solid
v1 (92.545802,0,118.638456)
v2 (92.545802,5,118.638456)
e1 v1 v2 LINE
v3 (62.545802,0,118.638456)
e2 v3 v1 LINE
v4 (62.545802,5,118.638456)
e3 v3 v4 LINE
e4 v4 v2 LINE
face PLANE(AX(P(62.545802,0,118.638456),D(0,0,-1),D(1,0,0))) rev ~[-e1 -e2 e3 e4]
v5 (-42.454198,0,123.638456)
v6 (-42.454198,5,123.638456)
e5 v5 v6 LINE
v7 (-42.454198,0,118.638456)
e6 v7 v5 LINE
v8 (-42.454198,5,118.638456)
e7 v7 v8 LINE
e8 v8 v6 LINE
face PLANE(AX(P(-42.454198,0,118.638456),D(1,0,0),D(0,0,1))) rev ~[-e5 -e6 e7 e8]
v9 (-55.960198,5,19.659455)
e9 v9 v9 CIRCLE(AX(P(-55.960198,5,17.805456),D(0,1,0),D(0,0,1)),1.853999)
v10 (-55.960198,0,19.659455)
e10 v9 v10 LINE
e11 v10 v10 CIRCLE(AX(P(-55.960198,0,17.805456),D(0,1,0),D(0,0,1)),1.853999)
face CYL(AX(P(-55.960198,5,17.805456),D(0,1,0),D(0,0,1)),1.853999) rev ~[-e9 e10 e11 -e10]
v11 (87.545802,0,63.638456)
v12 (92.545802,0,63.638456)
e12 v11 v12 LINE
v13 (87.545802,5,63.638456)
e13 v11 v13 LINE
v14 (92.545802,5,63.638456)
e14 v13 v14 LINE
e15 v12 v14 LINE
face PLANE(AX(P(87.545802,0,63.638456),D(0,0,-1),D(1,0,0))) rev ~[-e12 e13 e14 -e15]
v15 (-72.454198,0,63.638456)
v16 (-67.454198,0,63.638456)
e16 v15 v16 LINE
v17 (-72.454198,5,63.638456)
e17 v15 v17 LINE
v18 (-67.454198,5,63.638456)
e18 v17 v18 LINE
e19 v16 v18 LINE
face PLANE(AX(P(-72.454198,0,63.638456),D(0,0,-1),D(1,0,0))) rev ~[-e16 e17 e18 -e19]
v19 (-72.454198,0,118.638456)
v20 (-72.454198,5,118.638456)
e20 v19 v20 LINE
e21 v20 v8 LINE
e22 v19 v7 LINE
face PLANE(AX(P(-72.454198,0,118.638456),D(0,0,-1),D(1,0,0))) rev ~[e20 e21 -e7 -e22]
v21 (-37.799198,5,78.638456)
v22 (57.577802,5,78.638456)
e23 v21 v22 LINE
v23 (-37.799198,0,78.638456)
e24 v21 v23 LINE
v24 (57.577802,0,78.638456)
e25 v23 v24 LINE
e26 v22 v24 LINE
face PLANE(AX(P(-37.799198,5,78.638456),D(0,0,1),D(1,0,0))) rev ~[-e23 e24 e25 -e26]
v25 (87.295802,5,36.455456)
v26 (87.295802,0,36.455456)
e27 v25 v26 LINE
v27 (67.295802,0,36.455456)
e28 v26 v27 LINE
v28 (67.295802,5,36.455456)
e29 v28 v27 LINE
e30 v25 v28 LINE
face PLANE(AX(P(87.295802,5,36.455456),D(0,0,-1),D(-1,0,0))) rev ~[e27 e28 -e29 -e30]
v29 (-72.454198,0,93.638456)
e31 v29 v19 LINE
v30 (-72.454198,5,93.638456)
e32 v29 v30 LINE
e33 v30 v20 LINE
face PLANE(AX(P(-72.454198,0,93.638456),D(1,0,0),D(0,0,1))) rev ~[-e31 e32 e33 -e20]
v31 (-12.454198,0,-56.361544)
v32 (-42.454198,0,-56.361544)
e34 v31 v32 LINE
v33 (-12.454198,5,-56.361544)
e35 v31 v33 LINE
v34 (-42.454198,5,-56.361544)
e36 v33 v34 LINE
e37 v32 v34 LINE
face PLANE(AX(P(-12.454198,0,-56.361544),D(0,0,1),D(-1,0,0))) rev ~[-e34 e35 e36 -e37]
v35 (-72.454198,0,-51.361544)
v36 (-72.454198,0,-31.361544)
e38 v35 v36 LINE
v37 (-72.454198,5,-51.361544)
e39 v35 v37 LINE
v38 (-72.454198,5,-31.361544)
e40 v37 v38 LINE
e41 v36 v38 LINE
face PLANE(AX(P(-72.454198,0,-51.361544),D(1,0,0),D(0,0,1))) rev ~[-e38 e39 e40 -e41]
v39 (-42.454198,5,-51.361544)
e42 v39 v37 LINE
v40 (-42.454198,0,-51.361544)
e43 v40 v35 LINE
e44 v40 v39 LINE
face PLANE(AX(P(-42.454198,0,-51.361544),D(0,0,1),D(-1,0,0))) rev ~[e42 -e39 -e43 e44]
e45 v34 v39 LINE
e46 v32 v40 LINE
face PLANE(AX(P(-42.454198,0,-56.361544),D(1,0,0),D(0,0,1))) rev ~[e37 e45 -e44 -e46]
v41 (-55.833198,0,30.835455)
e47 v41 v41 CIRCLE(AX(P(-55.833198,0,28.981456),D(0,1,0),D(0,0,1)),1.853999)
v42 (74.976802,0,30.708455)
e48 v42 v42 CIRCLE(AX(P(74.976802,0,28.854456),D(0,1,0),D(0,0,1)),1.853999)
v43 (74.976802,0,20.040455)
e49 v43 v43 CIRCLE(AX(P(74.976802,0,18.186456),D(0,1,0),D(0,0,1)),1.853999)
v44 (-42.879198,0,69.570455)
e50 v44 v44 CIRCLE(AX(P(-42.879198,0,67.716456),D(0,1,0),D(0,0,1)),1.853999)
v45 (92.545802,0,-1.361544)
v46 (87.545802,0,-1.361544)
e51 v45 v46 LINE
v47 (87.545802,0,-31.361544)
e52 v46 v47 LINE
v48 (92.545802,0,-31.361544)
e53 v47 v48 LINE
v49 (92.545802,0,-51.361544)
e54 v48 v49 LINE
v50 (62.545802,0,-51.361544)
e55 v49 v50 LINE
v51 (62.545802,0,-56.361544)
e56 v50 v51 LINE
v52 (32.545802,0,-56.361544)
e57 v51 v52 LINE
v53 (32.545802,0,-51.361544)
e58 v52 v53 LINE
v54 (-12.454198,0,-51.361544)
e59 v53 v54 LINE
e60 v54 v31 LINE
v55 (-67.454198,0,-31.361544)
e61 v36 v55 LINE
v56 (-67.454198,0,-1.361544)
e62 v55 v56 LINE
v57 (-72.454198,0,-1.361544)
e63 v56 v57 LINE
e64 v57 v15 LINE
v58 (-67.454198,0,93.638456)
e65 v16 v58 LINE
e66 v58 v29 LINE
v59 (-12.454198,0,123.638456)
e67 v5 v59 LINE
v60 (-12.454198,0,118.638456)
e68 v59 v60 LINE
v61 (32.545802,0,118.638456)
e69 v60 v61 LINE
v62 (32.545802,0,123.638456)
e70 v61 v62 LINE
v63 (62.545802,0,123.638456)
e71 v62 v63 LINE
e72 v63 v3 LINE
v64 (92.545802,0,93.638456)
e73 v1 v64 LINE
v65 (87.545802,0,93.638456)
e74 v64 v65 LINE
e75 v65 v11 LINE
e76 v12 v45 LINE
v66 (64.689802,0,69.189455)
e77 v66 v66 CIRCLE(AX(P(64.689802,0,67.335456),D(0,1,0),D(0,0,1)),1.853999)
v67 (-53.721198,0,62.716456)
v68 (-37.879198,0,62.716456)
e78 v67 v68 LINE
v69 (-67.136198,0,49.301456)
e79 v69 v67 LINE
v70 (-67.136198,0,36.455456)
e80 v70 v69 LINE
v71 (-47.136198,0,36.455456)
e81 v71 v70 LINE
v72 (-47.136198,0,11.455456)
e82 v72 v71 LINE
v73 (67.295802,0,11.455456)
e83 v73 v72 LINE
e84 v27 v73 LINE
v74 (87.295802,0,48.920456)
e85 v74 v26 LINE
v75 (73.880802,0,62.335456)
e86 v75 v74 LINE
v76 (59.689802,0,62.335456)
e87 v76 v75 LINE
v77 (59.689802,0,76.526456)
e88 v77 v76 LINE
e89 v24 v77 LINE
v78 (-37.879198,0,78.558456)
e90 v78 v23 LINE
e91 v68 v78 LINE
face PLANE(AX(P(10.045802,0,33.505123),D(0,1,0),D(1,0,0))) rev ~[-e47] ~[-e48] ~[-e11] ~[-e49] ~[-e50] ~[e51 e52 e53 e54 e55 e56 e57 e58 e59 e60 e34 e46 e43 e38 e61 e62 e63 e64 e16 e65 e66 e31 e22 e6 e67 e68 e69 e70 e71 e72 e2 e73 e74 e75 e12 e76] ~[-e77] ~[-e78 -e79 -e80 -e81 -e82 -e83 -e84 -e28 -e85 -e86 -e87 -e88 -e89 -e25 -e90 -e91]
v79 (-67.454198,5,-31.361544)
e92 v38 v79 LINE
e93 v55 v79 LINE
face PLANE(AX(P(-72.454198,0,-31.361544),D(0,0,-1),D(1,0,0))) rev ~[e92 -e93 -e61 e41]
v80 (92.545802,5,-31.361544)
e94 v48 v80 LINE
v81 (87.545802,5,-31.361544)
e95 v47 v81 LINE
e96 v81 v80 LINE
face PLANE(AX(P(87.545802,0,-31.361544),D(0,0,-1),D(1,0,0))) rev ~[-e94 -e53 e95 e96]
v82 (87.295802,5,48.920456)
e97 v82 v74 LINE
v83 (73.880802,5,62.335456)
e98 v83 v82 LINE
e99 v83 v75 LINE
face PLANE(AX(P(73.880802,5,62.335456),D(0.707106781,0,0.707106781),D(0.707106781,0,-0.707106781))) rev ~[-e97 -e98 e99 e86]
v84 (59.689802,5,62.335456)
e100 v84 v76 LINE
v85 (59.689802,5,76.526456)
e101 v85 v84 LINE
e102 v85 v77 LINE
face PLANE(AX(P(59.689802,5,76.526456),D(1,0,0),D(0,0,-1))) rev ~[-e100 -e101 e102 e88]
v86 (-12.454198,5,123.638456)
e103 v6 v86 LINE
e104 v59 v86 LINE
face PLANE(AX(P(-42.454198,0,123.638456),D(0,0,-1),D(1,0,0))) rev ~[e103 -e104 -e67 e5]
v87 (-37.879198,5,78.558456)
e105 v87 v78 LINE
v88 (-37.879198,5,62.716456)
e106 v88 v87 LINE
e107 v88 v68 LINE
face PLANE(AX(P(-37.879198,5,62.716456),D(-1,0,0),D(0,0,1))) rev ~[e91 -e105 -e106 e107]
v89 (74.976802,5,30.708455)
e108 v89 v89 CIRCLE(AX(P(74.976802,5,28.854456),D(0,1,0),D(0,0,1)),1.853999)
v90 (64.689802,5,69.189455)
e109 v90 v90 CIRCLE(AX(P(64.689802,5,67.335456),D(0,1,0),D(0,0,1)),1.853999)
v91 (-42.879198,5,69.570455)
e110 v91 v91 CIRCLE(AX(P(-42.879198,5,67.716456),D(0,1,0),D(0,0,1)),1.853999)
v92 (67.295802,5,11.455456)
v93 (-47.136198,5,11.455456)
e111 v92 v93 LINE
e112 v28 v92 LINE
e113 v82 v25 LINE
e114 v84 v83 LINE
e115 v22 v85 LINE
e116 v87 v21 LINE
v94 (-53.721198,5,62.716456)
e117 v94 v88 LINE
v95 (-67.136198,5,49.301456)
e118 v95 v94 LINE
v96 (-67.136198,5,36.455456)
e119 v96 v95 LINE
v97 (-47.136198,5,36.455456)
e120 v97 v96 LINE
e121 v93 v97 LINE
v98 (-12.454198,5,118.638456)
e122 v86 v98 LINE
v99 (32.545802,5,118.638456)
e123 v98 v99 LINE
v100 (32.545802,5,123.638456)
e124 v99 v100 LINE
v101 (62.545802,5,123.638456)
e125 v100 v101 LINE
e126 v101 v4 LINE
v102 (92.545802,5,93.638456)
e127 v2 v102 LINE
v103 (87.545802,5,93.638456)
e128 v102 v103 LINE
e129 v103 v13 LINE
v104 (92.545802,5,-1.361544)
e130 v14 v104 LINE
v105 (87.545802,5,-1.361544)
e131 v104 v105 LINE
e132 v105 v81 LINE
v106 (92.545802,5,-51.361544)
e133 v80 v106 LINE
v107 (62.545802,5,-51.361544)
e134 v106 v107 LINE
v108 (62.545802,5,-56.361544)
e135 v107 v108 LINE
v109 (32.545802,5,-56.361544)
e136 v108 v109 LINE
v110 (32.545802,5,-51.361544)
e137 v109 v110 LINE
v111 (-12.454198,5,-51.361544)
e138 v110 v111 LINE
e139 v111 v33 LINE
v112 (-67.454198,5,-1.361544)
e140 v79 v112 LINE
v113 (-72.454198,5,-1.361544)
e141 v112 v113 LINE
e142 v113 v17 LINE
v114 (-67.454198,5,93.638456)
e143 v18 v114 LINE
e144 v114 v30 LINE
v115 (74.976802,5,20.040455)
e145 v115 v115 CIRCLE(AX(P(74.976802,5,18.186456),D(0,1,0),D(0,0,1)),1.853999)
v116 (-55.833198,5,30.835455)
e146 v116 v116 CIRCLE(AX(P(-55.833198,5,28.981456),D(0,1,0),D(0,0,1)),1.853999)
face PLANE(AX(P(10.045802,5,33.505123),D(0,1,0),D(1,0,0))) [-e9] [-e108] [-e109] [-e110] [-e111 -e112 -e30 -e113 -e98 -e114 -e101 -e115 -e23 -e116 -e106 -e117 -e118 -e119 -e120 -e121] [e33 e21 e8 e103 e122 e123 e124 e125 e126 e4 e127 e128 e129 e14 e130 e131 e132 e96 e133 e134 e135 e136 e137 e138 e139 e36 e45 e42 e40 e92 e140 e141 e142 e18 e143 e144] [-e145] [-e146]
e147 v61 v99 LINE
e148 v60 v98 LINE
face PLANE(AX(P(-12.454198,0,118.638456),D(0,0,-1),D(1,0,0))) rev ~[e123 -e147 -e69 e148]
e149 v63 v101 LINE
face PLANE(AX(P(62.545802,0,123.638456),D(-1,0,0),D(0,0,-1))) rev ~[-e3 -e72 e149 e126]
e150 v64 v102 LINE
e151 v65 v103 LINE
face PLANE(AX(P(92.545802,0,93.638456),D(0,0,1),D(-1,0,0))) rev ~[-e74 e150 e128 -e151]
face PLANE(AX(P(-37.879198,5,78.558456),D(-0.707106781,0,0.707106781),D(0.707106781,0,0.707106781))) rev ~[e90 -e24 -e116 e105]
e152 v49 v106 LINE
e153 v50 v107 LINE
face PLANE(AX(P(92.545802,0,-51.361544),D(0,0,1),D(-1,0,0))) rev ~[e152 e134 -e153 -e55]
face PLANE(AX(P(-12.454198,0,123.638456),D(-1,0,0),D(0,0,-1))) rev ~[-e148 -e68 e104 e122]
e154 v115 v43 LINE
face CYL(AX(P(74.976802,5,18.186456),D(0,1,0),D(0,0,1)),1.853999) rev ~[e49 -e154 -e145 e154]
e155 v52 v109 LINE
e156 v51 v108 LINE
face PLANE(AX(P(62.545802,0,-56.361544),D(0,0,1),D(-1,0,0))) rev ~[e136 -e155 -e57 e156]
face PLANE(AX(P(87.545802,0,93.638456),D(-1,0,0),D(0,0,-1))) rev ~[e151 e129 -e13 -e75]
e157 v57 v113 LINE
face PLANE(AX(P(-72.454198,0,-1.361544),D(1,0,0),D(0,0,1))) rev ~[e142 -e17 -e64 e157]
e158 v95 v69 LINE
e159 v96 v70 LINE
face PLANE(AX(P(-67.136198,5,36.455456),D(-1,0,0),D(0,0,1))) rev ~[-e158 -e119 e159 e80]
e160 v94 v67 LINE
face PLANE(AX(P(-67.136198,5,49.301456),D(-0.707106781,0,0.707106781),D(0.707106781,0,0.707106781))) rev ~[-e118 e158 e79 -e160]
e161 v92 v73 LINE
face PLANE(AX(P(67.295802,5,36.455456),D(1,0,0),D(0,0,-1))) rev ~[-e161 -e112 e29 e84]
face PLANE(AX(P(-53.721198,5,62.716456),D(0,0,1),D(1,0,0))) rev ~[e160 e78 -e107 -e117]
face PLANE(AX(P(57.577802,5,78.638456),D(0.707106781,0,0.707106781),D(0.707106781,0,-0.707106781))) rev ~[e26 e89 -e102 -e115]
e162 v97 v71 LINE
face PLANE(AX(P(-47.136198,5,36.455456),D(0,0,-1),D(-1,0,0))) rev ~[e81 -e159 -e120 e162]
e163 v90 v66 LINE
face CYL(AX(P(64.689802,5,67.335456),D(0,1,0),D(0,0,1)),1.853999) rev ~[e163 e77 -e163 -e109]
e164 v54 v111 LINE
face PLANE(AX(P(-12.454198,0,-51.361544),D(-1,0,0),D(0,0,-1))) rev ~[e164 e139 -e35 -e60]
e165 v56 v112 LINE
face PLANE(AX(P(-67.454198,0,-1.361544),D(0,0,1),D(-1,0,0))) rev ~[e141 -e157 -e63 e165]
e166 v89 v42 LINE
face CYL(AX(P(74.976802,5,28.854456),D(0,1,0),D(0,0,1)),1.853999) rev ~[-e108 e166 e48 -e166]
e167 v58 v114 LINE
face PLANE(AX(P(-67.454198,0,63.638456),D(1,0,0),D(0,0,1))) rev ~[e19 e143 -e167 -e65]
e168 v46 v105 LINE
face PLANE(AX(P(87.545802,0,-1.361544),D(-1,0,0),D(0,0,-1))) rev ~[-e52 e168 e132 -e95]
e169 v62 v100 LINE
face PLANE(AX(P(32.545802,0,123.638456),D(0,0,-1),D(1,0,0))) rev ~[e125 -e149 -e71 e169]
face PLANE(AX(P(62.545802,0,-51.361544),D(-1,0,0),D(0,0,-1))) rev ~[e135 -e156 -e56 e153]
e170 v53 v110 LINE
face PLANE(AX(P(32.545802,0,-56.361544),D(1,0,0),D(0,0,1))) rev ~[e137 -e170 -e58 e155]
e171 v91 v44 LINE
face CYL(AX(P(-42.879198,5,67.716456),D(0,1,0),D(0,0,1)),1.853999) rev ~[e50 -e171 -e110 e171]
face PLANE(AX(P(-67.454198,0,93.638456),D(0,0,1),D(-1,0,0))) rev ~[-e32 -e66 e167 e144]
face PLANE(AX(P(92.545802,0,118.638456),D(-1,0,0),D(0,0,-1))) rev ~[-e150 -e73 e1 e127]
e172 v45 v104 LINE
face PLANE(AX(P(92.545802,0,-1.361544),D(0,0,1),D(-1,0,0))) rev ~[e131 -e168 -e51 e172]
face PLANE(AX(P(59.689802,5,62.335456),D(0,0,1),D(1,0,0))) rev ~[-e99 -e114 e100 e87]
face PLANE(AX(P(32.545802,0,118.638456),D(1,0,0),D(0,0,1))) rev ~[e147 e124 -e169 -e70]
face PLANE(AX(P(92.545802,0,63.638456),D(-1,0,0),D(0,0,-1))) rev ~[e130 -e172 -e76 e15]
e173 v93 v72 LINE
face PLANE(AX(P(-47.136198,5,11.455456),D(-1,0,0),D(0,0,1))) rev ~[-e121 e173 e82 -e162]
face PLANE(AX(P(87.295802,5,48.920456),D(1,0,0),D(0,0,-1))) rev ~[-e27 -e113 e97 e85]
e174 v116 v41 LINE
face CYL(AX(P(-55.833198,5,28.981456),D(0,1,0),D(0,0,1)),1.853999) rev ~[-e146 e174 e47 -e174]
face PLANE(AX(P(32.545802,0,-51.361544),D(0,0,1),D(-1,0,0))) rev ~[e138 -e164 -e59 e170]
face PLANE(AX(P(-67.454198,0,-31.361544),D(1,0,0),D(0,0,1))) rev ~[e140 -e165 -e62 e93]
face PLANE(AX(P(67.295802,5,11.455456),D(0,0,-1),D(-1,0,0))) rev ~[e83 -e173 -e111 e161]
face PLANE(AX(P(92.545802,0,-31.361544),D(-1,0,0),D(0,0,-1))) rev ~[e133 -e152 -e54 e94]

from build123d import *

# Parameters (mm, degrees)
BOSS_EXTRUDE1_DEPTH = 5
SKETCH3_R           = 1.85399934
CUT_EXTRUDE1_DEPTH  = 10


with BuildPart() as part:
    # Sketch1 → Boss-Extrude1 (new body)
    with BuildSketch(Plane(origin=(0, 0, 0), x_dir=(1, 0, 0), z_dir=(0, 1, 0))):
        Polygon((-42.454197946, 56.361544115), (-42.454197946, 51.361544115), (-72.454197946, 51.361544115), (-72.454197946, 31.361544115), (-67.454197946, 31.361544115), (-67.454197946, 1.361544115), (-72.454197946, 1.361544115), (-72.454197946, -63.638455885), (-67.454197946, -63.638455885), (-67.454197946, -93.638455885), (-72.454197946, -93.638455885), (-72.454197946, -118.638455885), (-42.454197946, -118.638455885), (-42.454197946, -123.638455885), (-12.454197946, -123.638455885), (-12.454197946, -118.638455885), (32.545802054, -118.638455885), (32.545802054, -123.638455885), (62.545802054, -123.638455885), (62.545802054, -118.638455885), (92.545802054, -118.638455885), (92.545802054, -93.638455885), (87.545802054, -93.638455885), (87.545802054, -63.638455885), (92.545802054, -63.638455885), (92.545802054, 1.361544115), (87.545802054, 1.361544115), (87.545802054, 31.361544115), (92.545802054, 31.361544115), (92.545802054, 51.361544115), (62.545802054, 51.361544115), (62.545802054, 56.361544115), (32.545802054, 56.361544115), (32.545802054, 51.361544115), (-12.454197946, 51.361544115), (-12.454197946, 56.361544115), align=None)
    extrude(amount=BOSS_EXTRUDE1_DEPTH)

    # Sketch3 → Cut-Extrude1 (cut)
    with BuildSketch(Plane(origin=(0, 5, 0), x_dir=(1, 0, 0), z_dir=(0, 1, 0))):
        Polygon((87.295802054, -48.920455885), (87.295802054, -36.455455885), (67.295802054, -36.455455885), (67.295802054, -11.455455885), (-47.136197946, -11.455455885), (-47.136197946, -36.455455885), (-67.136197946, -36.455455885), (-67.136197946, -49.301455885), (-53.721197946, -62.716455885), (-37.879197946, -62.716455885), (-37.879197946, -78.558455885), (-37.799197946, -78.638455885), (57.577802054, -78.638455885), (59.689802054, -76.526455885), (59.689802054, -62.335455885), (73.880802054, -62.335455885), align=None)
        with Locations(Location((-42.879197946, -67.716455885, 0), (0, 0, 270))):
            Circle(SKETCH3_R)
        with Locations(Location((-55.960197946, -17.805455885, 0), (0, 0, 270))):
            Circle(SKETCH3_R)
        with Locations(Location((-55.833197946, -28.981455885, 0), (0, 0, 270))):
            Circle(SKETCH3_R)
        with Locations(Location((64.689802054, -67.335455885, 0), (0, 0, 270))):
            Circle(SKETCH3_R)
        with Locations(Location((74.976802054, -18.186455885, 0), (0, 0, 270))):
            Circle(SKETCH3_R)
        with Locations(Location((74.976802054, -28.854455885, 0), (0, 0, 270))):
            Circle(SKETCH3_R)
    extrude(amount=-CUT_EXTRUDE1_DEPTH, mode=Mode.SUBTRACT)


solid = part.part
